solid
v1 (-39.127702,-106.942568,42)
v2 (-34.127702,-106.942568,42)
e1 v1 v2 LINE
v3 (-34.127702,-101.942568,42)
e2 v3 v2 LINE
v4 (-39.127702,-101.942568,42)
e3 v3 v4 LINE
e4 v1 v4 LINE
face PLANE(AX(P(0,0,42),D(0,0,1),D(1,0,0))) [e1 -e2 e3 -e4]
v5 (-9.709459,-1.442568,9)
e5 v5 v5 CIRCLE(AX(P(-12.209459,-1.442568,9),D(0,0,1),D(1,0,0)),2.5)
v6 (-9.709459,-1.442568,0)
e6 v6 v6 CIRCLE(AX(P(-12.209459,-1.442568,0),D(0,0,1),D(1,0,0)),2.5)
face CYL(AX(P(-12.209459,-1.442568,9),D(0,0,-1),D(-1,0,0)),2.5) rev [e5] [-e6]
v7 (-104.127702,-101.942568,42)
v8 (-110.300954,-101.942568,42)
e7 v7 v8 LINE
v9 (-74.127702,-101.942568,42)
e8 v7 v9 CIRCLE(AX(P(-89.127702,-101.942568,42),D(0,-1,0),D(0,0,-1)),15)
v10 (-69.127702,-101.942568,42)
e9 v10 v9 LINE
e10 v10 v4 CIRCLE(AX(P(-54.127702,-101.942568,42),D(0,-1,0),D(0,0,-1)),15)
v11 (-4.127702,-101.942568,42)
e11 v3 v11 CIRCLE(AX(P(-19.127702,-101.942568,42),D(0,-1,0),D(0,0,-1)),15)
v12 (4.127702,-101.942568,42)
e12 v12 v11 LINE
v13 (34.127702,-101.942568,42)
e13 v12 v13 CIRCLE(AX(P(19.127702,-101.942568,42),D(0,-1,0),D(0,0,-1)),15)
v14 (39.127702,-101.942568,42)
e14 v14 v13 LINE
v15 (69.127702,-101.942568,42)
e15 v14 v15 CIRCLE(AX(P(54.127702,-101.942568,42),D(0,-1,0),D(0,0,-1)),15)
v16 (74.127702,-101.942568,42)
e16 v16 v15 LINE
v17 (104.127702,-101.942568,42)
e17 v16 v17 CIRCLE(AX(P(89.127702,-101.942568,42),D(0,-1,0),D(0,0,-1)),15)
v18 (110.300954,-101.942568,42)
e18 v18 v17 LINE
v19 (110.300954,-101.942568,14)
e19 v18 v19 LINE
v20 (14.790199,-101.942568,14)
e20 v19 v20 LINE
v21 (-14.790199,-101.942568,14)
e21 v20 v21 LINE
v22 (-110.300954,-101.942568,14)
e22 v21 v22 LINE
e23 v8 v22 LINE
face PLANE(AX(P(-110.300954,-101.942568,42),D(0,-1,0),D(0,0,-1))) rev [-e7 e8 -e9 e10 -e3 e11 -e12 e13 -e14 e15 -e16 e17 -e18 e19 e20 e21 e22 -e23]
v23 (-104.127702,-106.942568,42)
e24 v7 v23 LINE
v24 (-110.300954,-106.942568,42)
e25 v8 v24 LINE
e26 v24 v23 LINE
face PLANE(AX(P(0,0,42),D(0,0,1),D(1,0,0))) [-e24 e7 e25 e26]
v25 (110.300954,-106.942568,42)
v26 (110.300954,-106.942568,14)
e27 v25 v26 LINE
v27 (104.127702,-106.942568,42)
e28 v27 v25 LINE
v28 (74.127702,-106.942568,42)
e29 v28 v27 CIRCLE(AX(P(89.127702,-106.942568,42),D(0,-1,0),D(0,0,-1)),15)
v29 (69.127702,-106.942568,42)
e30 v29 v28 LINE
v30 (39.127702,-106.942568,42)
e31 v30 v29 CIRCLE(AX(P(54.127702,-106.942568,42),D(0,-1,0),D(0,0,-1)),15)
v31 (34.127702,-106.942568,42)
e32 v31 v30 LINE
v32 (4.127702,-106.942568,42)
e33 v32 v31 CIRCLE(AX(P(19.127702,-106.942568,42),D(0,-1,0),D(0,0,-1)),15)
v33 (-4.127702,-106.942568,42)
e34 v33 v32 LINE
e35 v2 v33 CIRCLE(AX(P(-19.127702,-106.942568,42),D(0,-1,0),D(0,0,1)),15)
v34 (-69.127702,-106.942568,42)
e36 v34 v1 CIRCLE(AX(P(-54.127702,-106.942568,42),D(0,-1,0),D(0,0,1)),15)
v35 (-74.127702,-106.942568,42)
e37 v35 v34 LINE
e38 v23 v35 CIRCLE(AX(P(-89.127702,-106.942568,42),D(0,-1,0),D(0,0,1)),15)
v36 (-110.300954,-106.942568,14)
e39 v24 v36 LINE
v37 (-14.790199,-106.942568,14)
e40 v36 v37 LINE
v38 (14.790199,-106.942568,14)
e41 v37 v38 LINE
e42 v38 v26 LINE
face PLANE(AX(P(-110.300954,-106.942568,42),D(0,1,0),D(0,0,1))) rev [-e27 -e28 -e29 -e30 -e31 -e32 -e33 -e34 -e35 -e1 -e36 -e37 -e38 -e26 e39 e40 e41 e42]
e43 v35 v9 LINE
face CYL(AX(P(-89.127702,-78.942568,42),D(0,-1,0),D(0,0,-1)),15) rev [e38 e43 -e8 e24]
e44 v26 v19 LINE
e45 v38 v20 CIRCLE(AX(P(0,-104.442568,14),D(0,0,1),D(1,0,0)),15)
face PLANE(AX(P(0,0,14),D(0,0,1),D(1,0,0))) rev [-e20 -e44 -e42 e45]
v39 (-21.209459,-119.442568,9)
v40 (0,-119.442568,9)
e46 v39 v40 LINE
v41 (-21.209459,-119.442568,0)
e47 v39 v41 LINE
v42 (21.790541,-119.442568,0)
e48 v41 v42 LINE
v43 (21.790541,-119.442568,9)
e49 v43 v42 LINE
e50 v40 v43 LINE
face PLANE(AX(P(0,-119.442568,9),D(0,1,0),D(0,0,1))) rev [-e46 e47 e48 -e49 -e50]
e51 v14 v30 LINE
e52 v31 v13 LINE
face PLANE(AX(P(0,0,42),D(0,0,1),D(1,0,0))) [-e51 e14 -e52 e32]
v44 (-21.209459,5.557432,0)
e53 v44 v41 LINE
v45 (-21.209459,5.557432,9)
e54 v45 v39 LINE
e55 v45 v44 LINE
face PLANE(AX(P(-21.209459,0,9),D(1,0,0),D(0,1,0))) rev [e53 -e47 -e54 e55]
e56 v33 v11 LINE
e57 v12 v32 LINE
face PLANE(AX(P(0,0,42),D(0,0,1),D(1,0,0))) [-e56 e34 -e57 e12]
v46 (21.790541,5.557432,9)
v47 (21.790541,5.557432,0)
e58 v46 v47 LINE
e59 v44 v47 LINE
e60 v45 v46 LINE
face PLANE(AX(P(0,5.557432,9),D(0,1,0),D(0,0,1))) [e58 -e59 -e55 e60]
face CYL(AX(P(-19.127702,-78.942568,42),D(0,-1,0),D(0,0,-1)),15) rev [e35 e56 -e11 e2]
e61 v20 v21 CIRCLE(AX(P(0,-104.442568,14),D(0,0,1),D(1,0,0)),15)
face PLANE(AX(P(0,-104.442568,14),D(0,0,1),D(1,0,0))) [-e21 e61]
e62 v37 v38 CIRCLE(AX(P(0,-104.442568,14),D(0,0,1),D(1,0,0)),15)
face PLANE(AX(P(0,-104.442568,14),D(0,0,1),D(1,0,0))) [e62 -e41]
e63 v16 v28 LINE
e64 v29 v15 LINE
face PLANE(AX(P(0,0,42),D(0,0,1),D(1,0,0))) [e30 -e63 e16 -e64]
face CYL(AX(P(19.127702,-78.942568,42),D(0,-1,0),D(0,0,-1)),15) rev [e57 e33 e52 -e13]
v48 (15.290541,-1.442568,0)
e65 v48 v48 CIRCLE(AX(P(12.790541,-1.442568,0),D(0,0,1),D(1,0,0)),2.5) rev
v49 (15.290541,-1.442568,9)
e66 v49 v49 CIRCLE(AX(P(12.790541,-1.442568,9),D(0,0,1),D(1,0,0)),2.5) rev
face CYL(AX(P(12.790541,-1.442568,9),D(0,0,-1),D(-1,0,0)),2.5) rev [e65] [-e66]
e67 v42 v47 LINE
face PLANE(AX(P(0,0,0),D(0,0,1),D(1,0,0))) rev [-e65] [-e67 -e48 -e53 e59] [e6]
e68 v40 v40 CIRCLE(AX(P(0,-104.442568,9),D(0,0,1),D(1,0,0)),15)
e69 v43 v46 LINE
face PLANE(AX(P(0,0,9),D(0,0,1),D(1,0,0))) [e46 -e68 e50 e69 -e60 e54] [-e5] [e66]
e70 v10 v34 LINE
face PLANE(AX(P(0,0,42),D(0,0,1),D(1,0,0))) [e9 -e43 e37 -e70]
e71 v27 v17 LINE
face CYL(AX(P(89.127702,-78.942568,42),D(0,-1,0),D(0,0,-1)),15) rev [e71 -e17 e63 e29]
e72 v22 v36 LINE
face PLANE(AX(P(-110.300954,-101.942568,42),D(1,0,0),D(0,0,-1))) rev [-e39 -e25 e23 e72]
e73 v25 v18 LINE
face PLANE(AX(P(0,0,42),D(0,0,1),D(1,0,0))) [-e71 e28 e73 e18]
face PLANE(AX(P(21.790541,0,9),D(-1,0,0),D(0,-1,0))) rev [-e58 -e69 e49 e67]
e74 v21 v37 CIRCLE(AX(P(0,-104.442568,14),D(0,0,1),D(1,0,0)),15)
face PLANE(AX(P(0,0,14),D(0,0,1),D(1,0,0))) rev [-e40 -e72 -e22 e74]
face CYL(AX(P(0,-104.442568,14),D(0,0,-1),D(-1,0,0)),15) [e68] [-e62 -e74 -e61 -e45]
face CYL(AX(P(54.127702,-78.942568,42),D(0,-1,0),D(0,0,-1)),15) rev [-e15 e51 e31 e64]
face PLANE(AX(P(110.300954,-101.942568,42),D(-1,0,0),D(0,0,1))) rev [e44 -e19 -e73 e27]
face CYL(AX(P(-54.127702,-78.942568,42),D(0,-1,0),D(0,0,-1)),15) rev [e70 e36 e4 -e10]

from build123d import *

# Parameters (mm, degrees)
SKETCH_1_W          = 43
SKETCH_1_H          = 110
SKETCH_1_W_2        = 21.5
SKETCH_1_H_2        = 15
SKETCH_1_R          = 2.5
EXTRUDE_1_DEPTH     = 9
SKETCH_4_R          = 15
EXTRUDE_2_DEPTH     = 5
SKETCH_5_W          = 220.601907976
SKETCH_5_H          = 5
EXTRUDE_3_DEPTH     = 28
SKETCH_6_R          = 15
CUT_EXTRUDE_1_DEPTH = 28


with BuildPart() as part:
    # 草图1 → 凸台-拉伸1 (new body)
    # profile 1 of 3: a face of its own
    with BuildSketch(Plane.XY):
        with Locations((0.290540541, -64.442567568)):
            Rectangle(SKETCH_1_W, SKETCH_1_H)
    # profile 2 of 3: a face of its own
    with BuildSketch(Plane.XY):
        with Locations((11.040540541, -1.942567568)):
            Rectangle(SKETCH_1_W_2, SKETCH_1_H_2)
        with Locations((12.790540541, -1.442567568)):
            Circle(SKETCH_1_R, mode=Mode.SUBTRACT)
    # profile 3 of 3: a face of its own
    with BuildSketch(Plane.XY):
        with Locations((-10.459459459, -1.942567568)):
            Rectangle(SKETCH_1_W_2, SKETCH_1_H_2)
        with Locations((-12.209459459, -1.442567568)):
            Circle(SKETCH_1_R, mode=Mode.SUBTRACT)
    extrude(amount=EXTRUDE_1_DEPTH)

    # 草图4 → 凸台-拉伸2 (add)
    with BuildSketch(Plane.XY.offset(9)):
        with Locations(Location((0, -104.442567568, 0), (0, 0, 270))):
            Circle(SKETCH_4_R)
    extrude(amount=EXTRUDE_2_DEPTH)

    # 草图5 → 凸台-拉伸3 (add)
    with BuildSketch(Plane.XY.offset(14)):
        with Locations((0, -104.442567568)):
            Rectangle(SKETCH_5_W, SKETCH_5_H)
    extrude(amount=EXTRUDE_3_DEPTH)

    # 草图6 → 切除-拉伸1 (cut)
    with BuildSketch(Plane(origin=(0, -106.942567568, 0), x_dir=(-1, 0, 0), z_dir=(0, -1, 0))):
        with Locations((-19.127702363, -42)):
            Circle(SKETCH_6_R)
        with Locations((-54.127702363, -42)):
            Circle(SKETCH_6_R)
        with Locations((-89.127702363, -42)):
            Circle(SKETCH_6_R)
        with Locations((19.127702363, -42)):
            Circle(SKETCH_6_R)
        with Locations((54.127702363, -42)):
            Circle(SKETCH_6_R)
        with Locations((89.127702363, -42)):
            Circle(SKETCH_6_R)
    extrude(amount=-CUT_EXTRUDE_1_DEPTH, mode=Mode.SUBTRACT)


solid = part.part
